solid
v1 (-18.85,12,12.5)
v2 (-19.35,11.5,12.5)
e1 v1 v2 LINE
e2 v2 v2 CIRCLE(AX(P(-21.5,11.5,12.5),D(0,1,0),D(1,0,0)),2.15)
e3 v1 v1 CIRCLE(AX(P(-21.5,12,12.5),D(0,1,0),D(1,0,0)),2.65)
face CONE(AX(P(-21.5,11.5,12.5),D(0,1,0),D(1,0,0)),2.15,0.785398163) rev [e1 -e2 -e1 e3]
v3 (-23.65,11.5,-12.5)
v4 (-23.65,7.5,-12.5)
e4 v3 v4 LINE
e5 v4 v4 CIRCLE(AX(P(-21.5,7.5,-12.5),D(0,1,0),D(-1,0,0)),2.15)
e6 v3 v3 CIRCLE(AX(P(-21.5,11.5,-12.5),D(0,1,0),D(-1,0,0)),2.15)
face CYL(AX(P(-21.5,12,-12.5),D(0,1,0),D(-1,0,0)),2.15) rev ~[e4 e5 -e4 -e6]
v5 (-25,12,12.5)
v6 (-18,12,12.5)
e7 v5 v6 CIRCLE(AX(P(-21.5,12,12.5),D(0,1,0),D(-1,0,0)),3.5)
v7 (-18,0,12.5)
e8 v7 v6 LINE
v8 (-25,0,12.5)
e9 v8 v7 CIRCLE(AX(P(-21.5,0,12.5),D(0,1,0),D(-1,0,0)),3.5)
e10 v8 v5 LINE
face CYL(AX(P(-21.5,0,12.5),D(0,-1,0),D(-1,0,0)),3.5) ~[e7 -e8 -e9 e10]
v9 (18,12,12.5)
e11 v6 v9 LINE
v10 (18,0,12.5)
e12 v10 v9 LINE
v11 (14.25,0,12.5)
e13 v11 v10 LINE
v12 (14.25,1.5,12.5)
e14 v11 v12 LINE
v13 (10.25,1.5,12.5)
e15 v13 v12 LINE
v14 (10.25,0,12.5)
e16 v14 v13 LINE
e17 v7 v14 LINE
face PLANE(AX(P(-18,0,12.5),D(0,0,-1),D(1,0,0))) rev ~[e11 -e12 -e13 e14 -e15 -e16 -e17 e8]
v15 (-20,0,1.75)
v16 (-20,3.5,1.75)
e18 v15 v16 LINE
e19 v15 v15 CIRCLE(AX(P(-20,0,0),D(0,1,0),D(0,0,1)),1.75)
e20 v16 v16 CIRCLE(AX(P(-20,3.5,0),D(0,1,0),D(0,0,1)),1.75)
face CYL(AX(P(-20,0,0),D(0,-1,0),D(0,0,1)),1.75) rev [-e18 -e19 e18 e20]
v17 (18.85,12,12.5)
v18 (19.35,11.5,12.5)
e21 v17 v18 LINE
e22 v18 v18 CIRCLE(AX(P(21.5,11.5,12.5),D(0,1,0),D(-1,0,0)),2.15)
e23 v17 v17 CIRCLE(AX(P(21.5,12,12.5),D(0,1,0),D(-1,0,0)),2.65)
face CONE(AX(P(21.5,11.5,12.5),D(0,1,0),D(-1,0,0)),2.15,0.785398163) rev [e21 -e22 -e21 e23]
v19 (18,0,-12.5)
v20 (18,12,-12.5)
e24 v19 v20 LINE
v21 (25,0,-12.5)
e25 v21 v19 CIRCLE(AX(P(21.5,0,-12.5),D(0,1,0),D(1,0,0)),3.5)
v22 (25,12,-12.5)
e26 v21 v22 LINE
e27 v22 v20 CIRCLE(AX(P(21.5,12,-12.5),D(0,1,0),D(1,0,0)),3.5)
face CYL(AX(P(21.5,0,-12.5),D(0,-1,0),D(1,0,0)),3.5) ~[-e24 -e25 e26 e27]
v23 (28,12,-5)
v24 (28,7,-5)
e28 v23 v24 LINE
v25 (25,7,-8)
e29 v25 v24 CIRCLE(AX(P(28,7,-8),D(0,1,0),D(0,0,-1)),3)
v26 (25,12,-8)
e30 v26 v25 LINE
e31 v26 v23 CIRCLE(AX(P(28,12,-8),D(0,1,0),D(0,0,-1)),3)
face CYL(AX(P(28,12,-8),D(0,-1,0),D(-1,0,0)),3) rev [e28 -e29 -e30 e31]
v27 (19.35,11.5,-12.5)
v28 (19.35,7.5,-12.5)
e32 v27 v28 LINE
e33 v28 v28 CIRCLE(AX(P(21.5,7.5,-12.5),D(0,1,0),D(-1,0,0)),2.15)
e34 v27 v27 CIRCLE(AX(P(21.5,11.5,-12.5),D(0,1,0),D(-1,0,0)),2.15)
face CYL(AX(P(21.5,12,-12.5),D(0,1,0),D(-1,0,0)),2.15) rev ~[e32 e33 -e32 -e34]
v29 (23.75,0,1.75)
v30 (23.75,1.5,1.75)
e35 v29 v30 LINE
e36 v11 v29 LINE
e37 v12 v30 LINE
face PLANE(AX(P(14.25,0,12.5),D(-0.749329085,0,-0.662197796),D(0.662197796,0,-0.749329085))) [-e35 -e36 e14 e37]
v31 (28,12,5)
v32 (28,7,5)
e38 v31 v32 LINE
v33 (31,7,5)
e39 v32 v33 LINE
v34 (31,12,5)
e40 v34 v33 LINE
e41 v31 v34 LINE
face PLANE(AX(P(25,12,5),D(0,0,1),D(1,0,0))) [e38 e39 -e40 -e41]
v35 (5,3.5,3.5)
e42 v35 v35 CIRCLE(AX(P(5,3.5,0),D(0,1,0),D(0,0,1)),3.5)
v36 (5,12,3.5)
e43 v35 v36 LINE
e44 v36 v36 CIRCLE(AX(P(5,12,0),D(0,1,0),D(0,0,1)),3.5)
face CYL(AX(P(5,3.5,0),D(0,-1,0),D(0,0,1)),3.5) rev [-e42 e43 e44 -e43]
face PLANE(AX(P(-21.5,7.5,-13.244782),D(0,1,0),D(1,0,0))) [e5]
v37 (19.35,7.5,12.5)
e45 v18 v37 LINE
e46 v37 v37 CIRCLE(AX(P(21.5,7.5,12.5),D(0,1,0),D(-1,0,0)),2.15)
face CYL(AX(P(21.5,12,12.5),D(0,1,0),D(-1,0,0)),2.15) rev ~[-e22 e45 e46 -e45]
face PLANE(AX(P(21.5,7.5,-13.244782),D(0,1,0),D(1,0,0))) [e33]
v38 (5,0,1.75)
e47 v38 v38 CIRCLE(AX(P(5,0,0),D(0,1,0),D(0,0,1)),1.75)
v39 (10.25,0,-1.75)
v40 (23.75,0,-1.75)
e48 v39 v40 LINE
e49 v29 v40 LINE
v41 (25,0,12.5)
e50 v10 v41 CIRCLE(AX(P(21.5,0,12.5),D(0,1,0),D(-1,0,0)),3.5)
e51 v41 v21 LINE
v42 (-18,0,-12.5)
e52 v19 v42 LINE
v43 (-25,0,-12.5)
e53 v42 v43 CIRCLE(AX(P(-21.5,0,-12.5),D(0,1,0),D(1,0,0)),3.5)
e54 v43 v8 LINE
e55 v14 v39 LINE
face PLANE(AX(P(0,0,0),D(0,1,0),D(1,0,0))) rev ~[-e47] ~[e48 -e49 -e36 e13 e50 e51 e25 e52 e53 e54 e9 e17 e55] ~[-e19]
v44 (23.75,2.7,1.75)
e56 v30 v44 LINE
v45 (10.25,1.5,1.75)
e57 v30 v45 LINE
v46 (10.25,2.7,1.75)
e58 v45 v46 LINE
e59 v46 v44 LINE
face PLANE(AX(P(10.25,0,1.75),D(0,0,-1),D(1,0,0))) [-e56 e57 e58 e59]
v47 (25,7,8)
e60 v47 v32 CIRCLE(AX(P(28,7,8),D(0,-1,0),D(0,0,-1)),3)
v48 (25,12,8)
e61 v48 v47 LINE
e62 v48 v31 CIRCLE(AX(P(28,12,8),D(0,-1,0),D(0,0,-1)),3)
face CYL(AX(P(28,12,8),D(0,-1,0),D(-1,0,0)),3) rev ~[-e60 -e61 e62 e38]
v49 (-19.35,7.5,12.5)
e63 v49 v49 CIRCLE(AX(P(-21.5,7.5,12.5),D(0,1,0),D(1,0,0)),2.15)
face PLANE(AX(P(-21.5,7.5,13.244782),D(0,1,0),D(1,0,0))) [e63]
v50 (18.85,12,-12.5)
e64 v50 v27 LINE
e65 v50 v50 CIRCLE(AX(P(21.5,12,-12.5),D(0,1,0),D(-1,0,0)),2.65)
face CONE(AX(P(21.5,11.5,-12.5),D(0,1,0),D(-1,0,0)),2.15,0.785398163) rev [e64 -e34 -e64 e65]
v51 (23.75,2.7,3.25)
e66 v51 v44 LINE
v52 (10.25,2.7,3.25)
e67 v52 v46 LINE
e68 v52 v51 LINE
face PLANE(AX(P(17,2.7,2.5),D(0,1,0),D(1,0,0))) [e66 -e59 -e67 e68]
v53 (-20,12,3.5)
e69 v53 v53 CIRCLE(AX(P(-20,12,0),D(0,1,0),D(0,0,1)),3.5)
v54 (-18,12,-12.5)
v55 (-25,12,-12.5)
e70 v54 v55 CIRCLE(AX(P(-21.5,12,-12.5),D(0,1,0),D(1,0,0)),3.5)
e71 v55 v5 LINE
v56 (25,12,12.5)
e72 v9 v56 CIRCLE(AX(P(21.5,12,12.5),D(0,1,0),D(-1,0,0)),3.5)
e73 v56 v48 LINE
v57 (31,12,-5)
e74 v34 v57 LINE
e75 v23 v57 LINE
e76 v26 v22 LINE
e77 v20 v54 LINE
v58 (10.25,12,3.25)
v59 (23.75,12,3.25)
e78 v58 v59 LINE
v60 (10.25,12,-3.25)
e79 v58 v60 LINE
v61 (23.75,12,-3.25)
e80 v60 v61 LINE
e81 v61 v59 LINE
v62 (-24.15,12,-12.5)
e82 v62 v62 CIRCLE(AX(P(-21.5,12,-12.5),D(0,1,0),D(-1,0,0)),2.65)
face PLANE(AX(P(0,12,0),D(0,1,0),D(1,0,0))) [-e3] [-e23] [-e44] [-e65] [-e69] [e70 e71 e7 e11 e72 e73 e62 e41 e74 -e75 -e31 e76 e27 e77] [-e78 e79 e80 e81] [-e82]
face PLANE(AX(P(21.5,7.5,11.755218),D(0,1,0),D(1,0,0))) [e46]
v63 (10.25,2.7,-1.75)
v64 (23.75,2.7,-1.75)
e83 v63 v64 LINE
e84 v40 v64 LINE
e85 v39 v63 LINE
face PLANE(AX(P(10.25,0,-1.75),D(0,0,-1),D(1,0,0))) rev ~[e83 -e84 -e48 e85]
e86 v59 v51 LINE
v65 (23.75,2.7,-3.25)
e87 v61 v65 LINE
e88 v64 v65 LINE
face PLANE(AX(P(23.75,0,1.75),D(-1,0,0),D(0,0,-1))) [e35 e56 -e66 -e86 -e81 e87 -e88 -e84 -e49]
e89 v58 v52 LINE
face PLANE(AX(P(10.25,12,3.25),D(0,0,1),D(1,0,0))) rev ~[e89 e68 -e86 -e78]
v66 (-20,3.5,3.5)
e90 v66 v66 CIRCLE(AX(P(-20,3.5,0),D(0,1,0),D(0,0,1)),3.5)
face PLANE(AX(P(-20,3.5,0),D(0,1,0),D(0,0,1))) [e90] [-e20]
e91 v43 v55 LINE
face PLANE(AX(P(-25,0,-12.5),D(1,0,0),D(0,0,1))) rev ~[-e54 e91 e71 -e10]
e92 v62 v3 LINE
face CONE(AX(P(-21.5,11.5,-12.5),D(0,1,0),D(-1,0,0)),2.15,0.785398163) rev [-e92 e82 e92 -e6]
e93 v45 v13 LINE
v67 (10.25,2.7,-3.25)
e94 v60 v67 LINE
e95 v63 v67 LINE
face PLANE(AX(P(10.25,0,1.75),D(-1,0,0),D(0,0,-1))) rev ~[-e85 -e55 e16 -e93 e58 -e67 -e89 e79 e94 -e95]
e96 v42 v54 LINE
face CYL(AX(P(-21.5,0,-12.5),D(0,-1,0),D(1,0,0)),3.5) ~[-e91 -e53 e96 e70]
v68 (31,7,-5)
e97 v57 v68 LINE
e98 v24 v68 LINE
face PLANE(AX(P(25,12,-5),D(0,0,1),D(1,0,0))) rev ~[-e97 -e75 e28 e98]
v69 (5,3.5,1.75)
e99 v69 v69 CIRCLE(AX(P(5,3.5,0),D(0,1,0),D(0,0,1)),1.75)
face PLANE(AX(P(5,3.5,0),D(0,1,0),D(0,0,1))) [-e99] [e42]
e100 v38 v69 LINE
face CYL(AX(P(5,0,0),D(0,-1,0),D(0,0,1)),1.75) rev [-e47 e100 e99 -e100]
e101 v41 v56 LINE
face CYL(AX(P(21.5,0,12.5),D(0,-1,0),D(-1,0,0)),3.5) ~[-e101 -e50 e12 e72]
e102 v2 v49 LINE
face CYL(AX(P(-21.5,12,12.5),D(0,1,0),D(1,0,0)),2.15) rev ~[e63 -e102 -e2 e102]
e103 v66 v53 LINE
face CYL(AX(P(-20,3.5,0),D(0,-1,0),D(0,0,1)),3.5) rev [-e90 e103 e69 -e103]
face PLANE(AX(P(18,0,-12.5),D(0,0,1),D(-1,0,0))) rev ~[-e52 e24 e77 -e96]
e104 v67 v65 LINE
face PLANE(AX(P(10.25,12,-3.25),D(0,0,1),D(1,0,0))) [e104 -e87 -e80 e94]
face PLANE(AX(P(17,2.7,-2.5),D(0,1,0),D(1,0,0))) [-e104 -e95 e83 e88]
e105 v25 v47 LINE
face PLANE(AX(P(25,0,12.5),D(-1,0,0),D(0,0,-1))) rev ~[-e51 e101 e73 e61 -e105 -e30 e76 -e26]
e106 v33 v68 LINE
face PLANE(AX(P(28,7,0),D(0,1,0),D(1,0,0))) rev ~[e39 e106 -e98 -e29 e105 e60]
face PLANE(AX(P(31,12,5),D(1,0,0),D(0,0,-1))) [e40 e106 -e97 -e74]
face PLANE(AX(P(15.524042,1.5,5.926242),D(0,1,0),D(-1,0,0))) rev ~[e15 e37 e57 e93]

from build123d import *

# Parameters (mm, degrees)
SKETCH2_W           = 13.5
SKETCH2_H           = 3.5
SKETCH2_R           = 1.75
BOSS_EXTRUDE2_DEPTH = 12
BOSS_EXTRUDE3_START = 12
SKETCH2_4_W         = 6
SKETCH2_4_H         = 10
BOSS_EXTRUDE3_DEPTH = 5
CUT_EXTRUDE1_START  = 12
SKETCH2_6_W         = 13.5
SKETCH2_6_H         = 1.5
CUT_EXTRUDE1_DEPTH  = 9.3
CUT_EXTRUDE2_START  = 12
CUT_EXTRUDE2_DEPTH  = 4.5
CUT_EXTRUDE3_START  = 3.5
SKETCH2_8_R         = 3.5
SKETCH2_8_R_2       = 1.75
CUT_EXTRUDE3_DEPTH  = 8.5
FILLET1_R           = 3
CHAMFER1_SIZE       = 0.5
CUT_EXTRUDE4_DEPTH  = 1.5


with BuildPart() as part:
    # Sketch2 → Boss-Extrude2 (new body)
    with BuildSketch(Plane(origin=(0, 0, 0), x_dir=(1, 0, 0), z_dir=(0, 1, 0))):
        with BuildLine():
            Line((-18, -12.5), (18, -12.5))
            ThreePointArc((18, -12.5), (21.5, -16), (25, -12.5))
            Line((25, -12.5), (25, 12.5))
            ThreePointArc((25, 12.5), (21.5, 16), (18, 12.5))
            Line((18, 12.5), (-18, 12.5))
            ThreePointArc((-18, 12.5), (-21.5, 16), (-25, 12.5))
            Line((-25, 12.5), (-25, -12.5))
            ThreePointArc((-25, -12.5), (-21.5, -16), (-18, -12.5))
        make_face()
        with Locations((17, 0)):
            Rectangle(SKETCH2_W, SKETCH2_H, mode=Mode.SUBTRACT)
        with Locations(Location((-20, 0, 0), (0, 0, 270))):
            Circle(SKETCH2_R, mode=Mode.SUBTRACT)
        with Locations(Location((5, 0, 0), (0, 0, 270))):
            Circle(SKETCH2_R, mode=Mode.SUBTRACT)
    extrude(amount=BOSS_EXTRUDE2_DEPTH)

    # Sketch2<4> → Boss-Extrude3 (add)
    with BuildSketch(Plane(origin=(0, 0, 0), x_dir=(1, 0, 0), z_dir=(0, 1, 0)).offset(BOSS_EXTRUDE3_START)):
        with Locations((28, 0)):
            Rectangle(SKETCH2_4_W, SKETCH2_4_H)
    extrude(amount=-BOSS_EXTRUDE3_DEPTH)

    # Sketch2<6> → Cut-Extrude1 (cut)
    with BuildSketch(Plane(origin=(0, 0, 0), x_dir=(1, 0, 0), z_dir=(0, 1, 0)).offset(CUT_EXTRUDE1_START)):
        with Locations((17, -2.5)):
            Rectangle(SKETCH2_6_W, SKETCH2_6_H)
        with Locations((17, 2.5)):
            Rectangle(SKETCH2_6_W, SKETCH2_6_H)
    extrude(amount=-CUT_EXTRUDE1_DEPTH, mode=Mode.SUBTRACT)

    # Sketch2<7> → Cut-Extrude2 (cut)
    with BuildSketch(Plane(origin=(0, 0, 0), x_dir=(1, 0, 0), z_dir=(0, 1, 0)).offset(CUT_EXTRUDE2_START)):
        with BuildLine():
            ThreePointArc((23.65, 12.5), (21.5, 14.65), (19.35, 12.5))
            Line((19.35, 12.5), (23.65, 12.5))
        make_face()
        with BuildLine():
            Line((23.65, 12.5), (19.35, 12.5))
            ThreePointArc((19.35, 12.5), (21.5, 10.35), (23.65, 12.5))
        make_face()
        with BuildLine():
            ThreePointArc((23.65, -12.5), (21.5, -10.35), (19.35, -12.5))
            Line((19.35, -12.5), (23.65, -12.5))
        make_face()
        with BuildLine():
            Line((23.65, -12.5), (19.35, -12.5))
            ThreePointArc((19.35, -12.5), (21.5, -14.65), (23.65, -12.5))
        make_face()
        with BuildLine():
            ThreePointArc((-19.35, 12.5), (-21.5, 14.65), (-23.65, 12.5))
            Line((-23.65, 12.5), (-19.35, 12.5))
        make_face()
        with BuildLine():
            Line((-19.35, 12.5), (-23.65, 12.5))
            ThreePointArc((-23.65, 12.5), (-21.5, 10.35), (-19.35, 12.5))
        make_face()
        with BuildLine():
            ThreePointArc((-23.65, -12.5), (-21.5, -14.65), (-19.35, -12.5))
            Line((-19.35, -12.5), (-23.65, -12.5))
        make_face()
        with BuildLine():
            Line((-23.65, -12.5), (-19.35, -12.5))
            ThreePointArc((-19.35, -12.5), (-21.5, -10.35), (-23.65, -12.5))
        make_face()
    extrude(amount=-CUT_EXTRUDE2_DEPTH, mode=Mode.SUBTRACT)

    # Sketch2<8> → Cut-Extrude3 (cut)
    # profile 1 of 2: a face of its own
    with BuildSketch(Plane(origin=(0, 0, 0), x_dir=(1, 0, 0), z_dir=(0, 1, 0)).offset(CUT_EXTRUDE3_START)):
        with Locations(Location((-20, 0, 0), (0, 0, 270))):
            Circle(SKETCH2_8_R)
        with Locations(Location((-20, 0, 0), (0, 0, 270))):
            Circle(SKETCH2_8_R_2, mode=Mode.SUBTRACT)
    # profile 2 of 2: a face of its own
    with BuildSketch(Plane(origin=(0, 0, 0), x_dir=(1, 0, 0), z_dir=(0, 1, 0)).offset(CUT_EXTRUDE3_START)):
        with Locations(Location((5, 0, 0), (0, 0, 270))):
            Circle(SKETCH2_8_R)
        with Locations(Location((5, 0, 0), (0, 0, 270))):
            Circle(SKETCH2_8_R_2, mode=Mode.SUBTRACT)
    extrude(amount=CUT_EXTRUDE3_DEPTH, mode=Mode.SUBTRACT)

    # Fillet1
    fillet1_edges = [part.edges().sort_by_distance(p)[0] for p in [
        (25, 9.5, -5),
        (25, 9.5, 5),
    ]]
    fillet(fillet1_edges, radius=FILLET1_R)

    # Chamfer1
    chamfer1_edges = [part.edges().sort_by_distance(p)[0] for p in [
        (19.35, 12, 12.5),
        (-23.65, 12, -12.5),
        (-19.35, 12, 12.5),
        (19.35, 12, -12.5),
    ]]
    chamfer(chamfer1_edges, length=CHAMFER1_SIZE)

    # Sketch3 → Cut-Extrude4 (cut)
    with BuildSketch(Plane.XZ):
        Polygon((10.25, 1.75), (10.25, 12.5), (14.25, 12.5), (23.75, 1.75), align=None)
    extrude(amount=-CUT_EXTRUDE4_DEPTH, mode=Mode.SUBTRACT)


solid = part.part
